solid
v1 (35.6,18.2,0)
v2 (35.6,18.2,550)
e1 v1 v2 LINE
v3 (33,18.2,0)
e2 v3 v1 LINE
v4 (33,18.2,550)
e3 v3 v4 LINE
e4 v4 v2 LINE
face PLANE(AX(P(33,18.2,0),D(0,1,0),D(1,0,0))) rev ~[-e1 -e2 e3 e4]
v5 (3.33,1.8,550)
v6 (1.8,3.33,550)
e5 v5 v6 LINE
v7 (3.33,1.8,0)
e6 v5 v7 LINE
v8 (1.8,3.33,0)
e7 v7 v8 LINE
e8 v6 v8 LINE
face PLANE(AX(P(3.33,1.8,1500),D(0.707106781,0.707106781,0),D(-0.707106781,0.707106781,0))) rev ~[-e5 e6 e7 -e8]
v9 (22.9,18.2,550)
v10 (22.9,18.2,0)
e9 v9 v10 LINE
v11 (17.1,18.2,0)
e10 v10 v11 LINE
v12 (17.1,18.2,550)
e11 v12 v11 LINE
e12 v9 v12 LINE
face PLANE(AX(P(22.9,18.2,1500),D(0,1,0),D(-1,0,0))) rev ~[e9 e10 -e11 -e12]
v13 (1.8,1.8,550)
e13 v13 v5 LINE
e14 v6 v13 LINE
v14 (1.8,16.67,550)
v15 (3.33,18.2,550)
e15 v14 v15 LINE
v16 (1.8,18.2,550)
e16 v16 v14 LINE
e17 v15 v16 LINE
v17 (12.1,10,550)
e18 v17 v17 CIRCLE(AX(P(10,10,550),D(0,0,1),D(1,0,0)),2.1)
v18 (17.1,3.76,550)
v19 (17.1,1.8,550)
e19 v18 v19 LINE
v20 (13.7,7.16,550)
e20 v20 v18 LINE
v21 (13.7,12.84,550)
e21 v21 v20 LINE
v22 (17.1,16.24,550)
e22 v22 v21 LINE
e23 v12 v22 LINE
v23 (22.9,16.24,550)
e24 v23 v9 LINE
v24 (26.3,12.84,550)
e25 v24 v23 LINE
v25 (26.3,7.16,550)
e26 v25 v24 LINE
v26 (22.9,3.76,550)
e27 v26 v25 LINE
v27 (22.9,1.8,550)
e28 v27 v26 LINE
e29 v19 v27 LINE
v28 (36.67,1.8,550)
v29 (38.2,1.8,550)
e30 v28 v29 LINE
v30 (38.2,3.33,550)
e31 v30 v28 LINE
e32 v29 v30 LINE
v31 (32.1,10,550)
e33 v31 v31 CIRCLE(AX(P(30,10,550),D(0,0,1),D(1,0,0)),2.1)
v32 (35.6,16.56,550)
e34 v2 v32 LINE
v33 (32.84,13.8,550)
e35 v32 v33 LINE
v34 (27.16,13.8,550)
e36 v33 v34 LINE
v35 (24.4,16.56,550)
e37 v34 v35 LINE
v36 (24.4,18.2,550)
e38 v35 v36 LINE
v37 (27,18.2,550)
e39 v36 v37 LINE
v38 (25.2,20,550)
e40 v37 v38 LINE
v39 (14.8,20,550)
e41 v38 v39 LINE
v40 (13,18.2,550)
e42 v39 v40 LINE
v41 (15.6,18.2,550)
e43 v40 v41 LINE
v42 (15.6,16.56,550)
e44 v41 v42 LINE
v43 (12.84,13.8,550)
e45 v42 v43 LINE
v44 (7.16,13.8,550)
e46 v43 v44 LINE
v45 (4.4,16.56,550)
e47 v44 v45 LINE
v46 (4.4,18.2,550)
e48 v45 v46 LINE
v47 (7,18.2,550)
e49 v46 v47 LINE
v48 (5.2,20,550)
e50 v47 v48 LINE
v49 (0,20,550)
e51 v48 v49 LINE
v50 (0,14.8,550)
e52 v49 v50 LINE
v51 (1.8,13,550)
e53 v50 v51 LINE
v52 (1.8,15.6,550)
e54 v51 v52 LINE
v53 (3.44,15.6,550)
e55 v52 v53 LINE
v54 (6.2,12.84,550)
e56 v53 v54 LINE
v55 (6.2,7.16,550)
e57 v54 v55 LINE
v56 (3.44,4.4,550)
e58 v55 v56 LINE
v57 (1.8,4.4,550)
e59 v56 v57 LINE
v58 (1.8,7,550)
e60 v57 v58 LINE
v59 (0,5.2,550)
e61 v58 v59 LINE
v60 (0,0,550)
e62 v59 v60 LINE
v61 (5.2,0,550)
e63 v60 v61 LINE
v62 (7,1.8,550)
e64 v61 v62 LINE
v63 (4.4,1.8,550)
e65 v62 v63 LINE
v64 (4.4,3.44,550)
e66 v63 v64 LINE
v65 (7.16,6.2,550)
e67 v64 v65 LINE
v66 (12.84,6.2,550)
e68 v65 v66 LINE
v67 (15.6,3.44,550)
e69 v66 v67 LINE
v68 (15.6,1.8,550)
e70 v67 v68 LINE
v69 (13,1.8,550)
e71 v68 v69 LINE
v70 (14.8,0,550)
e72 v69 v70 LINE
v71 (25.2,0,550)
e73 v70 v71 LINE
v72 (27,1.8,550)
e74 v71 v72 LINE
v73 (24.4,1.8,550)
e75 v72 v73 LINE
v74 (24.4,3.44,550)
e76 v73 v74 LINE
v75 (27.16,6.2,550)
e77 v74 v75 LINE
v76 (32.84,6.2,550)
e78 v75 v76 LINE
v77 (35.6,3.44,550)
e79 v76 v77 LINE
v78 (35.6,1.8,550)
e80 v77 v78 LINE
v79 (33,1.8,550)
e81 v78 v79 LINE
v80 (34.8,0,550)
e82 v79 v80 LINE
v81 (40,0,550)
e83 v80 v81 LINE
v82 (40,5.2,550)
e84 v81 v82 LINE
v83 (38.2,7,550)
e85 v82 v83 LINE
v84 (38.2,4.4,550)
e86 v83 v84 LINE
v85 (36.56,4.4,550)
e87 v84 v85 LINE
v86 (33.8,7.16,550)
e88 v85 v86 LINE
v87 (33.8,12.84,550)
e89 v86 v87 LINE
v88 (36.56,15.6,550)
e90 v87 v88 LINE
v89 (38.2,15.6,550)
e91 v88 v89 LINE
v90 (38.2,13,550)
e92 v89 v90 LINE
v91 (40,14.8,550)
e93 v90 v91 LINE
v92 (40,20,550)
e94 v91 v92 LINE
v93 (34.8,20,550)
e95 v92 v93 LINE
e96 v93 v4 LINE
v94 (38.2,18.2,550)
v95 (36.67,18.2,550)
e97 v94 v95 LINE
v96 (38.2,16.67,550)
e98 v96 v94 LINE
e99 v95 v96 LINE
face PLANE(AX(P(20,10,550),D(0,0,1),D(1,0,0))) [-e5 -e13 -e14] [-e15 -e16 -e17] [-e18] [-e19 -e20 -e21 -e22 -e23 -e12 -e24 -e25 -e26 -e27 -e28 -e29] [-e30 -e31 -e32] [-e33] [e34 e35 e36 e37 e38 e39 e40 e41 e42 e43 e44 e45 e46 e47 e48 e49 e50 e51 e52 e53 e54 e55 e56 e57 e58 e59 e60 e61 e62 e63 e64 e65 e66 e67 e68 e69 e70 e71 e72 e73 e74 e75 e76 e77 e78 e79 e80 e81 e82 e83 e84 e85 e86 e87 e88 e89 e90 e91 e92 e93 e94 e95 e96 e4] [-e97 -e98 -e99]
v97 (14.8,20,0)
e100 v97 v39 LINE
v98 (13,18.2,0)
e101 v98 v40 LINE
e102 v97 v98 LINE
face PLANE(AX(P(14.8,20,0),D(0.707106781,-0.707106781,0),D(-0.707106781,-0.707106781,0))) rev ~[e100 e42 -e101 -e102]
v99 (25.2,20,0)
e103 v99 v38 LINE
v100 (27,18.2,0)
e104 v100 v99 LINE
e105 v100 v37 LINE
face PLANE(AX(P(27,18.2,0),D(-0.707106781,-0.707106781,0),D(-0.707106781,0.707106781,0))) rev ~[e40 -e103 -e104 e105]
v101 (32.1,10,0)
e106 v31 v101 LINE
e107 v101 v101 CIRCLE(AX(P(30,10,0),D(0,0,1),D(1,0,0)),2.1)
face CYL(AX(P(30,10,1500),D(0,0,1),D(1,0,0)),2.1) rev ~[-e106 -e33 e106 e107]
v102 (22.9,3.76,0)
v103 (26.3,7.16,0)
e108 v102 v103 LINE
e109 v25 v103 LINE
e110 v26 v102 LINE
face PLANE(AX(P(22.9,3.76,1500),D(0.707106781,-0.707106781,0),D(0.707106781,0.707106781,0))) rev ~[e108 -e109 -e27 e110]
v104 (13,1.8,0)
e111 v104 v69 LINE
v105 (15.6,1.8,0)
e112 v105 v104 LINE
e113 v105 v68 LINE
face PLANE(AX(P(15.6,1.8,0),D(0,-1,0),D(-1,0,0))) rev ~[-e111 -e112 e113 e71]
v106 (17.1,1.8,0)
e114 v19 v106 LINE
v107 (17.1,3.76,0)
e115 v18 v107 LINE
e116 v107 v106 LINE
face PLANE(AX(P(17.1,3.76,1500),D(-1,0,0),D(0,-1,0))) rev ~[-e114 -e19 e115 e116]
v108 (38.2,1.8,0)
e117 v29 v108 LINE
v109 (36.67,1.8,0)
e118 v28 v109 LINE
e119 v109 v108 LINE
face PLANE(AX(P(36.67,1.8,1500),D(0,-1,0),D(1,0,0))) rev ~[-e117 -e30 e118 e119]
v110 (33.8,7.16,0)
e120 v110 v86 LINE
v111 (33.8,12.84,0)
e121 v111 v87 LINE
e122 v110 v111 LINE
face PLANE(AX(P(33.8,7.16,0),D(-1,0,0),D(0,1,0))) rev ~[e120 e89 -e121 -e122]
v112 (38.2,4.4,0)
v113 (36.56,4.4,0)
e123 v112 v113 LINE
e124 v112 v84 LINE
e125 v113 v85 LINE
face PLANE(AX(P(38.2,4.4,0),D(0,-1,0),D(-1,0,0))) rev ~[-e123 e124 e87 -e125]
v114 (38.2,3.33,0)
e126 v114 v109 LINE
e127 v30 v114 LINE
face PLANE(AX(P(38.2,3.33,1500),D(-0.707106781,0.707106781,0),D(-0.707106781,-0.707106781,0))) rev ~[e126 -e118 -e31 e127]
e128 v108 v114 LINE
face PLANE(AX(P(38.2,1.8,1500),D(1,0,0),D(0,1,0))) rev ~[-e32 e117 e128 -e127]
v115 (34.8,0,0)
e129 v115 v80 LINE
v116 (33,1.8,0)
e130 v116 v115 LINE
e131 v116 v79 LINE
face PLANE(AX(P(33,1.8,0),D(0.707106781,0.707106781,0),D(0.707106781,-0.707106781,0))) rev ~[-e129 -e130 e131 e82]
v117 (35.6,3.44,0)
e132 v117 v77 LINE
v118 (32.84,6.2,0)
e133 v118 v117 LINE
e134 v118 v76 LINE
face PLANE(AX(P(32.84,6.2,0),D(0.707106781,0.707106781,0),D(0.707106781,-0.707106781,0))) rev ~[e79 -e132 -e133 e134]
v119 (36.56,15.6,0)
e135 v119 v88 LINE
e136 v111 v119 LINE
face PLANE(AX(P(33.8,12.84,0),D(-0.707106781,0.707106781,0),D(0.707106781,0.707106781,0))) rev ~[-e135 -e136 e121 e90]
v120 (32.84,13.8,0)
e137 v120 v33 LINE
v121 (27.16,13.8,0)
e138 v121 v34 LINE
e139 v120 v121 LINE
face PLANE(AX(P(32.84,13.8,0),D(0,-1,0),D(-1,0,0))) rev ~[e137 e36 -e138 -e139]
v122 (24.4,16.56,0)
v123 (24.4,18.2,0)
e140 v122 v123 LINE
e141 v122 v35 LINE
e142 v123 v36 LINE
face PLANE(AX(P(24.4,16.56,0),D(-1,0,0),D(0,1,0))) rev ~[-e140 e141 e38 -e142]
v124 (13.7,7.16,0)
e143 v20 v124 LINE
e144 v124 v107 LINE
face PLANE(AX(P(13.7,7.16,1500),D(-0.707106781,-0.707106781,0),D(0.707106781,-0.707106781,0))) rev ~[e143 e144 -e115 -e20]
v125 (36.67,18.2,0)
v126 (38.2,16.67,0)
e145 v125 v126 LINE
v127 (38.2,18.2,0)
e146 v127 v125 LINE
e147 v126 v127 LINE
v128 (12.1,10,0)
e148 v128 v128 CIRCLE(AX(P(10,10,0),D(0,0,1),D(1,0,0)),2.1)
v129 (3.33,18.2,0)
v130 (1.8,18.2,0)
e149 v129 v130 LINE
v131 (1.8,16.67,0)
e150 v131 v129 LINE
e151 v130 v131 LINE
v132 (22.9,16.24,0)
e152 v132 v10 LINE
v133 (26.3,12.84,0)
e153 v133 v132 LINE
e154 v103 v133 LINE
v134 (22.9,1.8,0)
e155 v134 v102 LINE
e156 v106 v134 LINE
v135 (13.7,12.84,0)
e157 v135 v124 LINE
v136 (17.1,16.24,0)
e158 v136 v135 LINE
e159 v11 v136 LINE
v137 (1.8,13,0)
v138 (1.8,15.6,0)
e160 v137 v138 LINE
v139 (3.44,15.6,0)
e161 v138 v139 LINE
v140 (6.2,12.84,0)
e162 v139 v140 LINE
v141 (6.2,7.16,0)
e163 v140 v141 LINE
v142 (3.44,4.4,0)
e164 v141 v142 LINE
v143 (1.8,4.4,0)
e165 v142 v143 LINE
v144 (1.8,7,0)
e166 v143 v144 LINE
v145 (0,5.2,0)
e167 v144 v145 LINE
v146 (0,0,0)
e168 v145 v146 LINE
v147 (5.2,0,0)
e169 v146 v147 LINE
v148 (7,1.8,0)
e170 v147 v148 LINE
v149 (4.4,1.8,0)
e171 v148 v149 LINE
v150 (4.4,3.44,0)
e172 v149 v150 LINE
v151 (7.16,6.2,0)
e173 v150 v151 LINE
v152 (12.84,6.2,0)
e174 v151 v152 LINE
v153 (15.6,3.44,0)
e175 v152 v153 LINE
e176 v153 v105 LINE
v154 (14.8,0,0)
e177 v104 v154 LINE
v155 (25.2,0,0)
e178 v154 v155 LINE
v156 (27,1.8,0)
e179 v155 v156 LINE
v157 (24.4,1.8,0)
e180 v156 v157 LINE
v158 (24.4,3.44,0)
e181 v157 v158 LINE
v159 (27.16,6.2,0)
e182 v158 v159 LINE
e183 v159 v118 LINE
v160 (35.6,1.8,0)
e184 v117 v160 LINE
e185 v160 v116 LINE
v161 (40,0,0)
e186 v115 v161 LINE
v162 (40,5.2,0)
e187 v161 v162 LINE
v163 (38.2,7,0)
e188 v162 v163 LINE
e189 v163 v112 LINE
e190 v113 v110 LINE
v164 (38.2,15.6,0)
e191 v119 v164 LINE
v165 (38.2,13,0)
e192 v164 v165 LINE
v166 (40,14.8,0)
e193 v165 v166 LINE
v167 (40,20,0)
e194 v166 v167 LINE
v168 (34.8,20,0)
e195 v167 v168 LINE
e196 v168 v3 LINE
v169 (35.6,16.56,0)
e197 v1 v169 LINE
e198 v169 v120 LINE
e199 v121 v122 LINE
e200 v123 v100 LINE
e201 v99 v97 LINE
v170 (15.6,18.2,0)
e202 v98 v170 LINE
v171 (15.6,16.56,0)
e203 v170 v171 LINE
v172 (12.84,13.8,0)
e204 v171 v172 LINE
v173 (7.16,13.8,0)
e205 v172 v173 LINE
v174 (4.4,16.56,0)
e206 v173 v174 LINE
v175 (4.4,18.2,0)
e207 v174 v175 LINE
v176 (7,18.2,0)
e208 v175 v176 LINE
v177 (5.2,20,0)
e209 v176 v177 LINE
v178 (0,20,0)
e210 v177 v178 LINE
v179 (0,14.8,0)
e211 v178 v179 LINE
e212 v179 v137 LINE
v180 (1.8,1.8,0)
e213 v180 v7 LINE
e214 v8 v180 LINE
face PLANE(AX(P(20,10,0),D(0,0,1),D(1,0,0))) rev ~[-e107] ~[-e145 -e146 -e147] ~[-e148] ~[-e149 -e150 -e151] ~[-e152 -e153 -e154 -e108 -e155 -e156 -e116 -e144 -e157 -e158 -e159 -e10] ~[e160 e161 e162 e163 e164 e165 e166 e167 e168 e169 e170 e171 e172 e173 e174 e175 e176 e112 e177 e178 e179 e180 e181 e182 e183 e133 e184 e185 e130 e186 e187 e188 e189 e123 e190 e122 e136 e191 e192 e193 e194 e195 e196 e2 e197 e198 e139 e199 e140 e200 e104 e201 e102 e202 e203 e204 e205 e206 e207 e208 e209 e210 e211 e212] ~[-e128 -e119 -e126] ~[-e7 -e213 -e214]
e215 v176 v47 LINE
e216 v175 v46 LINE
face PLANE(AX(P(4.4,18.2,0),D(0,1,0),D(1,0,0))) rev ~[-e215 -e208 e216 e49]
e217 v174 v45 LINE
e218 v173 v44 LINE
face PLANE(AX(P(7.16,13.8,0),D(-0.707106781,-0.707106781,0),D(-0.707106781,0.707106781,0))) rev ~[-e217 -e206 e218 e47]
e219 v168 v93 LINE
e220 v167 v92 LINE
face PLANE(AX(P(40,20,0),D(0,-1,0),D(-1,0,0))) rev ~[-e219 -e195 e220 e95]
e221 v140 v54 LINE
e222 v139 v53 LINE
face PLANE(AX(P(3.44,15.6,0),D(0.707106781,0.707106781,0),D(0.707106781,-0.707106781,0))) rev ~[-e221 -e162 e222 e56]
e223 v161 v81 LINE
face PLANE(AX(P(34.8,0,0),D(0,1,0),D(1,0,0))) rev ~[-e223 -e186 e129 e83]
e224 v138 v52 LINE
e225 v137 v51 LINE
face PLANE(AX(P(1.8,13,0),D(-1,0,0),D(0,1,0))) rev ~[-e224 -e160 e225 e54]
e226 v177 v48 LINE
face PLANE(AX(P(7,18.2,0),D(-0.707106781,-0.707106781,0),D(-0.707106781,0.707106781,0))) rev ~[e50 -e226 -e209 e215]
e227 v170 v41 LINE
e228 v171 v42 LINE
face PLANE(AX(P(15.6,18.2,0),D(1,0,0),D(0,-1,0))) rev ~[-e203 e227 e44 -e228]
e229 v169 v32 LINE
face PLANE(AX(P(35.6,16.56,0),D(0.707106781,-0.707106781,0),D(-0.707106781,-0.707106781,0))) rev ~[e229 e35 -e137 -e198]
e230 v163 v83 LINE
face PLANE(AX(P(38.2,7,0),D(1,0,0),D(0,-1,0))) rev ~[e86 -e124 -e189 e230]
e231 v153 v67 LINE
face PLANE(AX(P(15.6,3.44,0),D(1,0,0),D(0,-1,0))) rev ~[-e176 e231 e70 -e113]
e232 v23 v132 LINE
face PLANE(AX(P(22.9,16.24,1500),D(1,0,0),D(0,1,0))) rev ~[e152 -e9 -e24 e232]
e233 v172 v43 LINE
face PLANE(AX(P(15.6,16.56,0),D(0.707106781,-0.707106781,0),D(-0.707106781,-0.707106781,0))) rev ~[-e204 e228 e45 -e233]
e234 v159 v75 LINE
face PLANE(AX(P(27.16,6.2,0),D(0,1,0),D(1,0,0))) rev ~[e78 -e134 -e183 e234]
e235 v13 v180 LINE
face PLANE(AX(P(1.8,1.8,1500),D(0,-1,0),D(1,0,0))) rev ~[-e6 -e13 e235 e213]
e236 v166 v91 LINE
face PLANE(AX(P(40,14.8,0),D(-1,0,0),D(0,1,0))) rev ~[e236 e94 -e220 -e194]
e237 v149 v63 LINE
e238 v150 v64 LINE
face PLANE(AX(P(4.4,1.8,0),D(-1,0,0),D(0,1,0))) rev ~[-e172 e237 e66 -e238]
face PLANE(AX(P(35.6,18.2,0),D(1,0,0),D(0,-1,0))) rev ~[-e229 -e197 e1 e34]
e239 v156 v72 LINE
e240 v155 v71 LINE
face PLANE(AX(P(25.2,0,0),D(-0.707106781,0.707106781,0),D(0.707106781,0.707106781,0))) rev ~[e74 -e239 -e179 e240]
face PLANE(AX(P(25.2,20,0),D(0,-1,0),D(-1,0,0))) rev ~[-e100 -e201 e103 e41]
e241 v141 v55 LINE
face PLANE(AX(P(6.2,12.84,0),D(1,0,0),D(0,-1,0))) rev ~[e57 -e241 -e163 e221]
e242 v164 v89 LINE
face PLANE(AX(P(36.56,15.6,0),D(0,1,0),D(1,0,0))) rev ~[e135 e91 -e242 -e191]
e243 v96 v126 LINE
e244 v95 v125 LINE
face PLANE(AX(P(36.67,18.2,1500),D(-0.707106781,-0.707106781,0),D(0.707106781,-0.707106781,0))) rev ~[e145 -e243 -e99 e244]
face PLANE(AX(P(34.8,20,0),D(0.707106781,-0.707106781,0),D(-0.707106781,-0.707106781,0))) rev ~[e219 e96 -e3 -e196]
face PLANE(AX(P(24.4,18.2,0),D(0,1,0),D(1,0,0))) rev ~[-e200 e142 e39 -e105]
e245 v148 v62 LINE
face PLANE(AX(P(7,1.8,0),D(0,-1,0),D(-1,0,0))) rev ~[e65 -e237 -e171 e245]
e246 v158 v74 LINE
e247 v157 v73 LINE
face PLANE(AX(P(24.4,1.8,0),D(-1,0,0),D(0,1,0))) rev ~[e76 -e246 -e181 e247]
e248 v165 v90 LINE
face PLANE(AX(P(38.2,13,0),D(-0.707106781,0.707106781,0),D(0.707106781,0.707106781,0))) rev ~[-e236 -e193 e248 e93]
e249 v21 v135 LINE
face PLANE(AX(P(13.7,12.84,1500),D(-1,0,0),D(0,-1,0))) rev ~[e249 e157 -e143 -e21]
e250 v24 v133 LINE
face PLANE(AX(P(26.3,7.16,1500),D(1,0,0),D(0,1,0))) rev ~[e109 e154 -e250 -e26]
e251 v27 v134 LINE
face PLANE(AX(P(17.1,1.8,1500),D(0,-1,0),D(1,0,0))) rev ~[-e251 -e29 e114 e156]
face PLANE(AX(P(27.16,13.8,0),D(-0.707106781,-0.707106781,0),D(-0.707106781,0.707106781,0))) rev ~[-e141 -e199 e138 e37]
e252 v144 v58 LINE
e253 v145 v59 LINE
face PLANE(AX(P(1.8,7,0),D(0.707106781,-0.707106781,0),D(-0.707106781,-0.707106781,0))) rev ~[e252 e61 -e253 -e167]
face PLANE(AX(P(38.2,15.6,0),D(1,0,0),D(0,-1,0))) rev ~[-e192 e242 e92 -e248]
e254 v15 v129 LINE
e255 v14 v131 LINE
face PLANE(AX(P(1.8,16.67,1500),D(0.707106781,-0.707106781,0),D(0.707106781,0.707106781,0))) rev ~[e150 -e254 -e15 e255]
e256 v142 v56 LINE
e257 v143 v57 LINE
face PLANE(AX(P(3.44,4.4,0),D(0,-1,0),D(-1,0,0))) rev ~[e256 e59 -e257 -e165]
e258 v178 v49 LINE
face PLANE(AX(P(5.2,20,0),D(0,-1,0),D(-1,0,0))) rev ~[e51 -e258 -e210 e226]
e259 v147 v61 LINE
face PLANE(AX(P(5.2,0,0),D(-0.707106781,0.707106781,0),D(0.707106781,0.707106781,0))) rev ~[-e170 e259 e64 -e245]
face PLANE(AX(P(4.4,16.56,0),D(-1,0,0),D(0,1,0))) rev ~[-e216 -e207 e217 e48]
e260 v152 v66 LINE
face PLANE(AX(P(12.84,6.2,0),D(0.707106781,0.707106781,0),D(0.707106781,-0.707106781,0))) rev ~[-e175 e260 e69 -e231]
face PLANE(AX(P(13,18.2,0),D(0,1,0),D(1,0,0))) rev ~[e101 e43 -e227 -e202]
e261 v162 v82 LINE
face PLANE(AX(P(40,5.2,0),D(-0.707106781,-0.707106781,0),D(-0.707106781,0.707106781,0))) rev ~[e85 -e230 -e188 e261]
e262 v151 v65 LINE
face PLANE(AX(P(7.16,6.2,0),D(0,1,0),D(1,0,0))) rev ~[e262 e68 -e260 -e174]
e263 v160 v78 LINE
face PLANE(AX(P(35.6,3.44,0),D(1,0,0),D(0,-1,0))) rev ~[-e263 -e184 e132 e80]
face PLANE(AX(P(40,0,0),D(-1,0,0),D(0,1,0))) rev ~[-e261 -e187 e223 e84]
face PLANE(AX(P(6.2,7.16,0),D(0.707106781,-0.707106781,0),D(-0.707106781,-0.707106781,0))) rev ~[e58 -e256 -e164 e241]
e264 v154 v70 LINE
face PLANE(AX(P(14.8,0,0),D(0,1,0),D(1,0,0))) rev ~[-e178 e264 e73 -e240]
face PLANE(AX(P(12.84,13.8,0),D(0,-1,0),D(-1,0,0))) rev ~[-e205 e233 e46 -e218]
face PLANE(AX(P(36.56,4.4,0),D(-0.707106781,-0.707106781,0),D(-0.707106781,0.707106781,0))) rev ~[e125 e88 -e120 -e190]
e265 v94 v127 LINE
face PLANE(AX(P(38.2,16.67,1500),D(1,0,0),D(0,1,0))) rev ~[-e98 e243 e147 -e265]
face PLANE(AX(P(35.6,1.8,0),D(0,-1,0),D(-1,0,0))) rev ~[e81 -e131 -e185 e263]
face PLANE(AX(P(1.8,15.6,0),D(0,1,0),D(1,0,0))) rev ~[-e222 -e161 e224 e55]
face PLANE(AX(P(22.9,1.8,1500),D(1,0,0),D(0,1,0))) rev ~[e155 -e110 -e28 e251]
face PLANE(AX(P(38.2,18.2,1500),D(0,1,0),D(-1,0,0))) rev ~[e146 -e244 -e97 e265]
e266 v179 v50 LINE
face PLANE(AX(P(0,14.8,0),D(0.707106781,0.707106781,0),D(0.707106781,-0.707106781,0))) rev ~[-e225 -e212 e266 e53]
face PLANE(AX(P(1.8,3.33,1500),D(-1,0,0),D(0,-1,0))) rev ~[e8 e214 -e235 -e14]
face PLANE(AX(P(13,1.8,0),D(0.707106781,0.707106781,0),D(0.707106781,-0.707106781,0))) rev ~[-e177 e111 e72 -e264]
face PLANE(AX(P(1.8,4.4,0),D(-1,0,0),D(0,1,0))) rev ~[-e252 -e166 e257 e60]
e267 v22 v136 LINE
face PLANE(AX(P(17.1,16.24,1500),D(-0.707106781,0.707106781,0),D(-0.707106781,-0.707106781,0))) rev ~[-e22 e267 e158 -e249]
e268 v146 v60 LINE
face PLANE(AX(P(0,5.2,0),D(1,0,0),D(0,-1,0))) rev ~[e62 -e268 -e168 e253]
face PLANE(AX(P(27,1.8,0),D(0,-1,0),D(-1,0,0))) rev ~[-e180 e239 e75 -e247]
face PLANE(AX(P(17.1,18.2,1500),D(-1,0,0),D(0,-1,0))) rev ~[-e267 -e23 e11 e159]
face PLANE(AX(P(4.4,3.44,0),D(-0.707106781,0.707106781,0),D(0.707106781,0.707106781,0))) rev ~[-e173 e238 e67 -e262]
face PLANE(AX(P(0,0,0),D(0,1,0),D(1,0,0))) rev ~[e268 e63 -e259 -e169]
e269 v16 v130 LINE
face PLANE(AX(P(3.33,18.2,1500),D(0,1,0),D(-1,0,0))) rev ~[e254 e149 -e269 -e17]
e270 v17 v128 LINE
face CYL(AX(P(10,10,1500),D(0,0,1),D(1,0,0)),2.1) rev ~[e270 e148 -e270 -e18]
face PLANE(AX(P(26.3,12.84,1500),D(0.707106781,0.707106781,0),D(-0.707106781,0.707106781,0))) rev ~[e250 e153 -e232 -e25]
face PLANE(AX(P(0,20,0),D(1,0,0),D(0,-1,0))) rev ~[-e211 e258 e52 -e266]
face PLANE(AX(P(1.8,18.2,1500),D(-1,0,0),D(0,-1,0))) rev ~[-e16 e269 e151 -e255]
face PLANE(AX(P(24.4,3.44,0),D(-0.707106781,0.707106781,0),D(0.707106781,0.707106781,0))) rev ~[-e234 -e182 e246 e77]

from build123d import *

# Parameters (mm, degrees)
F1_DEPTH = 1500
F3_DEPTH = 1500.001
F4_R     = 2.1
F5_DEPTH = 1500.001
F6_DEPTH = 950


with BuildPart() as f1:
    # F0 (on Top) → F1 (new body)
    with BuildSketch(Plane.XY):
        Polygon((0, 5.2), (0, 0), (5.2, 0), (7, 1.8), (4.4, 1.8), (4.4, 3.44), (7.16, 6.2), (12.84, 6.2), (15.6, 3.44), (15.6, 1.8), (13, 1.8), (14.8, 0), (25.2, 0), (27, 1.8), (24.4, 1.8), (24.4, 3.44), (27.16, 6.2), (32.84, 6.2), (35.6, 3.44), (35.6, 1.8), (33, 1.8), (34.8, 0), (40, 0), (40, 5.2), (38.2, 7), (38.2, 4.4), (36.56, 4.4), (33.8, 7.16), (33.8, 12.84), (36.56, 15.6), (38.2, 15.6), (38.2, 13), (40, 14.8), (40, 20), (34.8, 20), (33, 18.2), (35.6, 18.2), (35.6, 16.56), (32.84, 13.8), (27.16, 13.8), (24.4, 16.56), (24.4, 18.2), (27, 18.2), (25.2, 20), (14.8, 20), (13, 18.2), (15.6, 18.2), (15.6, 16.56), (12.84, 13.8), (7.16, 13.8), (4.4, 16.56), (4.4, 18.2), (7, 18.2), (5.2, 20), (0, 20), (0, 14.8), (1.8, 13), (1.8, 15.6), (3.44, 15.6), (6.2, 12.84), (6.2, 7.16), (3.44, 4.4), (1.8, 4.4), (1.8, 7), align=None)
    extrude(amount=F1_DEPTH)

    # F2 (on face) → F3 (cut, through all)
    with BuildSketch(Plane.XY.offset(1500)):
        Polygon((3.33, 18.2), (1.8, 18.2), (1.8, 16.67), align=None)
        Polygon((1.8, 3.33), (1.8, 1.8), (3.33, 1.8), align=None)
        Polygon((36.67, 1.8), (38.2, 1.8), (38.2, 3.33), align=None)
        Polygon((38.2, 16.67), (38.2, 18.2), (36.67, 18.2), align=None)
    extrude(amount=-F3_DEPTH, mode=Mode.SUBTRACT)

    # F4 (on face) → F5 (cut, through all)
    with BuildSketch(Plane.XY.offset(1500)):
        Polygon((22.9, 18.2), (17.1, 18.2), (17.1, 16.24), (13.7, 12.84), (13.7, 7.16), (17.1, 3.76), (17.1, 1.8), (22.9, 1.8), (22.9, 3.76), (26.3, 7.16), (26.3, 12.84), (22.9, 16.24), align=None)
        with Locations((30, 10)):
            Circle(F4_R)
        with Locations((10, 10)):
            Circle(F4_R)
    extrude(amount=-F5_DEPTH, mode=Mode.SUBTRACT)

    # F6 (cut): a face of the model
    f6_faces = [f1.faces().sort_by_distance(p)[0] for p in [
        (0.4472135955, 2.6, 1500),
    ]]
    extrude(f6_faces, amount=-F6_DEPTH, mode=Mode.SUBTRACT)


solid = f1.part
